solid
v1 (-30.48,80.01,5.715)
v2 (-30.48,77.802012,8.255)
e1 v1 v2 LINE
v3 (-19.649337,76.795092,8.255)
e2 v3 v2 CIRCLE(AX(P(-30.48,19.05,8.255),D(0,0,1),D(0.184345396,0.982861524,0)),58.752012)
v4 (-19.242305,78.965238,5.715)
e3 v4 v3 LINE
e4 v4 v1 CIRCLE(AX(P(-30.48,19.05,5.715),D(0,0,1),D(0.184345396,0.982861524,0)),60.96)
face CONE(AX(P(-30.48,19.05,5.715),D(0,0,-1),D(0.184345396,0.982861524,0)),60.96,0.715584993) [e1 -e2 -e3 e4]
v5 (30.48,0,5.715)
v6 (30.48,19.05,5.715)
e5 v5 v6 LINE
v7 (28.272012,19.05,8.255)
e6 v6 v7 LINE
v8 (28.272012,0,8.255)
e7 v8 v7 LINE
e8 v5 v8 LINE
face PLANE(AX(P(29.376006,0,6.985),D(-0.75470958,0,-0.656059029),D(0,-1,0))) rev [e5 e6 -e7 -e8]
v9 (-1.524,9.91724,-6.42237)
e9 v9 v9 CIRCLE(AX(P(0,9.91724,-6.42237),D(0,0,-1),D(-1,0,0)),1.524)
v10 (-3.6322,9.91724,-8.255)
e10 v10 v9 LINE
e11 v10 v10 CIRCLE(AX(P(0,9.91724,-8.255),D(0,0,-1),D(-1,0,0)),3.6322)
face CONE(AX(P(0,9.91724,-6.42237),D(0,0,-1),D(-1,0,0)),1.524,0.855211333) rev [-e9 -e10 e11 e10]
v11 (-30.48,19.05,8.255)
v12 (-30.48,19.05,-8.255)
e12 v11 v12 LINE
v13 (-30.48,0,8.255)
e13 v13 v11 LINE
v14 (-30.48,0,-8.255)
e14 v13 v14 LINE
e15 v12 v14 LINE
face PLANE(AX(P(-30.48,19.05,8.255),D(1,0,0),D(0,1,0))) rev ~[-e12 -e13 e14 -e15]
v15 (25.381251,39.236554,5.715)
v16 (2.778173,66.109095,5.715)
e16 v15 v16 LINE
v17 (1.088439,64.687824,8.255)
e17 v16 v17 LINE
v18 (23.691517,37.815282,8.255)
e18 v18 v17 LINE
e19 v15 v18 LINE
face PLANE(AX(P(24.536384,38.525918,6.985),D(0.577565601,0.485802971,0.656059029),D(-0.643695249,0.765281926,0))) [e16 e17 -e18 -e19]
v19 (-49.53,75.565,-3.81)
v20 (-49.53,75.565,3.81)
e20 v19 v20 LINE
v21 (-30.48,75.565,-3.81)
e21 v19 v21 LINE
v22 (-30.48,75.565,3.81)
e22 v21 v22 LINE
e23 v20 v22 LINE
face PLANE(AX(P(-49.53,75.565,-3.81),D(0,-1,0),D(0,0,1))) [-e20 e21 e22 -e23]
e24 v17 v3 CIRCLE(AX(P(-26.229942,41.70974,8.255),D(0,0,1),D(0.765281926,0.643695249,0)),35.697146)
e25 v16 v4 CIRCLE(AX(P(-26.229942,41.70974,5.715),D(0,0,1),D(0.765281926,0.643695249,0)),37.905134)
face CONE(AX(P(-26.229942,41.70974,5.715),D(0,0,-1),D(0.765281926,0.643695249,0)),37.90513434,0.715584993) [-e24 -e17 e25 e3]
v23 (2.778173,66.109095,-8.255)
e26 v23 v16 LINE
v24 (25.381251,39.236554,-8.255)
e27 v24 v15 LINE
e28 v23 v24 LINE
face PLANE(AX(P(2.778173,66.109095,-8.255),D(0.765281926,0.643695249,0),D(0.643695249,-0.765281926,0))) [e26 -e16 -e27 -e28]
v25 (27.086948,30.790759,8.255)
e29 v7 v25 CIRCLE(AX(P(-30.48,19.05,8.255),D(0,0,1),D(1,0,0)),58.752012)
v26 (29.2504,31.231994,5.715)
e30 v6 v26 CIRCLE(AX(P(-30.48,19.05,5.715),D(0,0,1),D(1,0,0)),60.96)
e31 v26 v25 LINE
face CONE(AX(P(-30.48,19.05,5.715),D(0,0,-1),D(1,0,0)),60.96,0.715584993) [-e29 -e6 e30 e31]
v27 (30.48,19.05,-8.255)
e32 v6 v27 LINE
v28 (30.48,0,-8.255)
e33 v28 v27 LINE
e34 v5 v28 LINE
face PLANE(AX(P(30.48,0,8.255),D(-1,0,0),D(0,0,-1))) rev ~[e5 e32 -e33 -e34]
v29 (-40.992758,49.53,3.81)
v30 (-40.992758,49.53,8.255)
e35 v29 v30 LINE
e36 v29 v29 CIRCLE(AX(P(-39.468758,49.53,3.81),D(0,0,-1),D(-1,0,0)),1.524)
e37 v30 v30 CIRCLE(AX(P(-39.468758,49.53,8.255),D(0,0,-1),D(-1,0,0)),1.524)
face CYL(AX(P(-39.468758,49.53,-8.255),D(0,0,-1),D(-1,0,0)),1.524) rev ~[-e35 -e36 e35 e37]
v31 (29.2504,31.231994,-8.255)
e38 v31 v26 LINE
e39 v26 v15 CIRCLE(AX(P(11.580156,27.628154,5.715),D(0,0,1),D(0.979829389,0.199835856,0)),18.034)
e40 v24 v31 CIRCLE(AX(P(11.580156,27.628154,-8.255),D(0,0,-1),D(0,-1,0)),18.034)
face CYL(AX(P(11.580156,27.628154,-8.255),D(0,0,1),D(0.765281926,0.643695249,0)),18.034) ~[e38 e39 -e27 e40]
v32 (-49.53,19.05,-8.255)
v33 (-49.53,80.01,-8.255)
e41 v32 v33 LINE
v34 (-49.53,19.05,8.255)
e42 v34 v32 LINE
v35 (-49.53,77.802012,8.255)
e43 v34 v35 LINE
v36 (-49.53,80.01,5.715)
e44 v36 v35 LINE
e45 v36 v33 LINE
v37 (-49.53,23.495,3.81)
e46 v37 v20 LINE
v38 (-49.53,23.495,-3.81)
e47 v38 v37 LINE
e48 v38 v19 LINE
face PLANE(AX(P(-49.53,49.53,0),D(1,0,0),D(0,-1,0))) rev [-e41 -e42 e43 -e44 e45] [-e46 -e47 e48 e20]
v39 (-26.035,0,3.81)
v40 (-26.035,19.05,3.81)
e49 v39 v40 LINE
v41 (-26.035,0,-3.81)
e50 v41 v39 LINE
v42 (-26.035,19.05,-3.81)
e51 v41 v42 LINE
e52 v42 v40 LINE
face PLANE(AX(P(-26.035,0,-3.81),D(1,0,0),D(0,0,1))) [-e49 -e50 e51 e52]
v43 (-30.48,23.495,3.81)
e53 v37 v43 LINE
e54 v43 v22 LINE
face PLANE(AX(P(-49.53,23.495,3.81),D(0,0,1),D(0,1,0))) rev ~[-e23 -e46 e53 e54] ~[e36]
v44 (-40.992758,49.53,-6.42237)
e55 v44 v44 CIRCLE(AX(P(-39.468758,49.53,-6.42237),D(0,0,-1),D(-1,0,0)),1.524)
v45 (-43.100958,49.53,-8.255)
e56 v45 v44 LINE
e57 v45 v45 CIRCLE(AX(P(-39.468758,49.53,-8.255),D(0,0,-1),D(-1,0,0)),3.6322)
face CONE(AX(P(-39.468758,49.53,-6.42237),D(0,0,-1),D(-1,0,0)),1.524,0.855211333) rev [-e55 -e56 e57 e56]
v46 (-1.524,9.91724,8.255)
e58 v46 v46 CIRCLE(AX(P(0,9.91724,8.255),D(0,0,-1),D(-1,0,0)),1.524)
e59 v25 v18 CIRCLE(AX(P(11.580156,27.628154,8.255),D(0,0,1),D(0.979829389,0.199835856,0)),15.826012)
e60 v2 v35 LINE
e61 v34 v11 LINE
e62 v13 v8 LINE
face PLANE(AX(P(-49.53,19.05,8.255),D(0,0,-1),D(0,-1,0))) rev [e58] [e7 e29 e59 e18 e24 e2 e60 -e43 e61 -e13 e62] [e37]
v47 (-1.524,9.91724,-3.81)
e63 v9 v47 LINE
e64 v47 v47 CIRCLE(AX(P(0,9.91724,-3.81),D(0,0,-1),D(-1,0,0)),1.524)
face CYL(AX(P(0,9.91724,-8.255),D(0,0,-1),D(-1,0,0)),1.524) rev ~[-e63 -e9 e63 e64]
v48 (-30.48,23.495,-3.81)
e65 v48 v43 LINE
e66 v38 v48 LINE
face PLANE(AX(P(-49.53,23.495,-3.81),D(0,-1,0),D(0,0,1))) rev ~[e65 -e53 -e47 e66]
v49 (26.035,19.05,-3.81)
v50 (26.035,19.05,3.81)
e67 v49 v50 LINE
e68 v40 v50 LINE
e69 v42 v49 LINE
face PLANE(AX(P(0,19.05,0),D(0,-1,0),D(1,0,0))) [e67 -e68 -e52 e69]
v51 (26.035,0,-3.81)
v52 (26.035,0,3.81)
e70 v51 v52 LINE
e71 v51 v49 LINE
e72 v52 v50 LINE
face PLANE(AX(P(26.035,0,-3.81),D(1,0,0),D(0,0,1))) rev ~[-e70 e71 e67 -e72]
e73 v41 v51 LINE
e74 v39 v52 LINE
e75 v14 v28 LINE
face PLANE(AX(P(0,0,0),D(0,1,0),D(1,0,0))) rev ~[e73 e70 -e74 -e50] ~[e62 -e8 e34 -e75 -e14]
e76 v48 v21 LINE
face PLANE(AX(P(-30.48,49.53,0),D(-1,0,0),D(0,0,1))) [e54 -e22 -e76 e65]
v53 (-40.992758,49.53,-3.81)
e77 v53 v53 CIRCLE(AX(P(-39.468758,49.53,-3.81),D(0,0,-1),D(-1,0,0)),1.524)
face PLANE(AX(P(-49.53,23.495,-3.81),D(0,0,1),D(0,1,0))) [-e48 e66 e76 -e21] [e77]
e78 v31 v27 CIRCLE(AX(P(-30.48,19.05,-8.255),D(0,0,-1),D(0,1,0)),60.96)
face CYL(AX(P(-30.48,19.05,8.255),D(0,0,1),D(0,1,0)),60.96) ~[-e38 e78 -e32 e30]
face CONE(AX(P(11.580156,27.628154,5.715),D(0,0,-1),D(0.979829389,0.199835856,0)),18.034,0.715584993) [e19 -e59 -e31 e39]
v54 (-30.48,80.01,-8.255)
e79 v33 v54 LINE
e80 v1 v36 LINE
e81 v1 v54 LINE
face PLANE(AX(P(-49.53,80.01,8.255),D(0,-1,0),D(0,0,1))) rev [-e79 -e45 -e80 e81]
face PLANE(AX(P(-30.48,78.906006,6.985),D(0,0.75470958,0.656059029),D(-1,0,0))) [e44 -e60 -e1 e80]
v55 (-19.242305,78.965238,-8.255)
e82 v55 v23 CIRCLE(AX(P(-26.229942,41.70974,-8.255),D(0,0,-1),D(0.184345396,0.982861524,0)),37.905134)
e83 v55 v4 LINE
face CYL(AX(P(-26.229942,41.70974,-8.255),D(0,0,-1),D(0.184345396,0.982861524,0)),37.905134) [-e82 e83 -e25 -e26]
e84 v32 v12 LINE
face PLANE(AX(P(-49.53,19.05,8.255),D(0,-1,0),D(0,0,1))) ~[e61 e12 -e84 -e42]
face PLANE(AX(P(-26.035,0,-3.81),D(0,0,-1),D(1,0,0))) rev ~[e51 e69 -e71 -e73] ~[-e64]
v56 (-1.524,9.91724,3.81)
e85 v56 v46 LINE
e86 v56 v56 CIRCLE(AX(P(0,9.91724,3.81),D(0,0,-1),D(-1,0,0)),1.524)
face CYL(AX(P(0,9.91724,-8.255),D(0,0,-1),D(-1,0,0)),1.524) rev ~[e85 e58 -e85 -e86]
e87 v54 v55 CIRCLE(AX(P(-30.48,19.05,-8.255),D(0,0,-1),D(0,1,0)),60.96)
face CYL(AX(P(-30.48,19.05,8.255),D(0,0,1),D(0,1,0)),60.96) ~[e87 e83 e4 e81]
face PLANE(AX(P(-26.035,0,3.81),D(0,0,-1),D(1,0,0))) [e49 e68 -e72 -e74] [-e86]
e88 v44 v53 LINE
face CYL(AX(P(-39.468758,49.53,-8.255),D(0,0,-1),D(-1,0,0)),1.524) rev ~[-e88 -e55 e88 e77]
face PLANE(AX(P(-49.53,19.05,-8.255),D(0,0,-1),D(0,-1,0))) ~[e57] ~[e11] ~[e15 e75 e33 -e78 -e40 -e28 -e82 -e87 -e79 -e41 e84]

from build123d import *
from OCP.BRepFilletAPI import BRepFilletAPI_MakeChamfer

# Parameters (mm, degrees)
SKETCH1_W           = 60.96
SKETCH1_H           = 16.51
SKETCH1_W_2         = 50.8
SKETCH1_H_2         = 6.35
BOSS_EXTRUDE1_DEPTH = 19.05
BOSS_EXTRUDE2_DEPTH = 16.51
SKETCH5_R           = 1.524
CUT_EXTRUDE1_DEPTH  = 96.537432978
CHAMFER1_SIZE       = 2.1082
CHAMFER1_SIZE2      = 1.832630301
FILLET1_R           = 18.034
CHAMFER2_SIZE       = 2.54
CHAMFER2_SIZE2      = 2.207988314
SKETCH6_W           = 52.07
SKETCH6_H           = 7.62
CUT_EXTRUDE2_DEPTH  = 19.05
SKETCH7_W           = 7.62
SKETCH7_H           = 52.07
CUT_EXTRUDE3_DEPTH  = 19.05


with BuildPart() as part:
    # Sketch1 → Boss-Extrude1 (new body)
    with BuildSketch(Plane(origin=(0, 0, 0), x_dir=(1, 0, 0), z_dir=(0, 1, 0))):
        Rectangle(SKETCH1_W, SKETCH1_H)
        Rectangle(SKETCH1_W_2, SKETCH1_H_2, mode=Mode.SUBTRACT)
    boss_extrude1 = extrude(amount=BOSS_EXTRUDE1_DEPTH)

    # Sketch2 → Boss-Extrude2 (add)
    with BuildSketch(Plane.XY.offset(8.255)):
        with BuildLine():
            Line((-30.48, 19.05), (-30.48, 80.01))
            ThreePointArc((-30.48, 80.01), (12.625229381, 62.155229381), (30.48, 19.05))
            Line((30.48, 19.05), (-30.48, 19.05))
        make_face()
    extrude(amount=-BOSS_EXTRUDE2_DEPTH)

    # Mirror1: Boss-Extrude1 across plane
    add(boss_extrude1.mirror(Plane(origin=(-24.765, 24.765, 0), x_dir=(0, 0, 1), z_dir=(-0.7071067811865488, 0.7071067811865464, 0))))

    # Sketch5 → Cut-Extrude1 (cut, through all)
    with BuildSketch(Plane(origin=(0, 0, -8.255), x_dir=(-1, 0, 0), z_dir=(0, 0, -1))):
        with Locations((0, 9.917240348)):
            Circle(SKETCH5_R)
        with Locations((39.468758027, 49.53)):
            Circle(SKETCH5_R)
        with BuildLine():
            Line((-2.778172553, 66.109095279), (-28.061671506, 36.049832271))
            ThreePointArc((-28.061671506, 36.049832271), (-10.480017479, 64.198627533), (19.242304668, 78.965238493))
            ThreePointArc((19.242304668, 78.965238493), (7.11859344, 74.444363935), (-2.778172553, 66.109095279))
        make_face()
    extrude(amount=-CUT_EXTRUDE1_DEPTH, mode=Mode.SUBTRACT)

    # Chamfer1
    chamfer1_edges = [part.edges().sort_by_distance(p)[0] for p in [
        (1.524, 9.917240348, -8.255),
        (-37.944758027, 49.53, -8.255),
    ]]
    chamfer1_side = [part.faces().sort_by_distance(p)[0] for p in [
        (-12.284487688, 37.419339753, -8.255),
    ]]
    chamfer(chamfer1_edges, length=CHAMFER1_SIZE, length2=CHAMFER1_SIZE2, reference=chamfer1_side[0])

    # Fillet1
    fillet1_edges = [part.edges().sort_by_distance(p)[0] for p in [
        (28.061671506, 36.049832271, 0),
    ]]
    fillet(fillet1_edges, radius=FILLET1_R)

    # Chamfer2: one chamfer whose edges measure the first distance from different faces: ONE call of the kernel's chamfer builder (chamfer() names one face for all edges)
    chamfer2_edges_1 = [part.edges().sort_by_distance(p)[0] for p in [
        (14.079711572, 52.672824674, 8.255),
    ]]
    chamfer2_side_1 = [part.faces().sort_by_distance(p)[0] for p in [
        (14.079711572, 52.672824674, 0),
    ]]
    chamfer2_edges_2 = [part.edges().sort_by_distance(p)[0] for p in [
        (27.816828301, 35.476442899, 8.255),
    ]]
    chamfer2_side_2 = [part.faces().sort_by_distance(p)[0] for p in [
        (27.816828301, 35.476442899, 0),
    ]]
    chamfer2_edges_3 = [part.edges().sort_by_distance(p)[0] for p in [
        (30.171820892, 25.171945968, 8.255),
    ]]
    chamfer2_side_3 = [part.faces().sort_by_distance(p)[0] for p in [
        (30.171820892, 25.171945968, 0),
    ]]
    chamfer2_edges_4 = [part.edges().sort_by_distance(p)[0] for p in [
        (-40.005, 80.01, 8.255),
    ]]
    chamfer2_side_4 = [part.faces().sort_by_distance(p)[0] for p in [
        (-40.005, 80.01, 0),
    ]]
    chamfer2_edges_5 = [part.edges().sort_by_distance(p)[0] for p in [
        (30.48, 9.525, 8.255),
    ]]
    chamfer2_side_5 = [part.faces().sort_by_distance(p)[0] for p in [
        (30.48, 9.525, 0),
    ]]
    chamfer2_edges_6 = [part.edges().sort_by_distance(p)[0] for p in [
        (-24.836921873, 79.748247662, 8.255),
    ]]
    chamfer2_side_6 = [part.faces().sort_by_distance(p)[0] for p in [
        (-24.836921873, 79.748247662, 0),
    ]]
    chamfer2_edges_7 = [part.edges().sort_by_distance(p)[0] for p in [
        (-7.11859344, 74.444363935, 8.255),
    ]]
    chamfer2_side_7 = [part.faces().sort_by_distance(p)[0] for p in [
        (-7.11859344, 74.444363935, 0),
    ]]
    chamfer2 = BRepFilletAPI_MakeChamfer(part.part.solid().wrapped)
    for e in chamfer2_edges_1:
        chamfer2.Add(CHAMFER2_SIZE, CHAMFER2_SIZE2, e.wrapped, chamfer2_side_1[0].wrapped)  # the first distance lies on this face
    for e in chamfer2_edges_2:
        chamfer2.Add(CHAMFER2_SIZE, CHAMFER2_SIZE2, e.wrapped, chamfer2_side_2[0].wrapped)  # the first distance lies on this face
    for e in chamfer2_edges_3:
        chamfer2.Add(CHAMFER2_SIZE, CHAMFER2_SIZE2, e.wrapped, chamfer2_side_3[0].wrapped)  # the first distance lies on this face
    for e in chamfer2_edges_4:
        chamfer2.Add(CHAMFER2_SIZE, CHAMFER2_SIZE2, e.wrapped, chamfer2_side_4[0].wrapped)  # the first distance lies on this face
    for e in chamfer2_edges_5:
        chamfer2.Add(CHAMFER2_SIZE, CHAMFER2_SIZE2, e.wrapped, chamfer2_side_5[0].wrapped)  # the first distance lies on this face
    for e in chamfer2_edges_6:
        chamfer2.Add(CHAMFER2_SIZE, CHAMFER2_SIZE2, e.wrapped, chamfer2_side_6[0].wrapped)  # the first distance lies on this face
    for e in chamfer2_edges_7:
        chamfer2.Add(CHAMFER2_SIZE, CHAMFER2_SIZE2, e.wrapped, chamfer2_side_7[0].wrapped)  # the first distance lies on this face
    add(Compound.cast(chamfer2.Shape()), mode=Mode.REPLACE)

    # Sketch6 → Cut-Extrude2 (cut)
    with BuildSketch(Plane.XZ):
        Rectangle(SKETCH6_W, SKETCH6_H)
    extrude(amount=-CUT_EXTRUDE2_DEPTH, mode=Mode.SUBTRACT)

    # Sketch7 → Cut-Extrude3 (cut)
    with BuildSketch(Plane.ZY.offset(49.53)):
        with Locations((0, 49.53)):
            Rectangle(SKETCH7_W, SKETCH7_H)
    extrude(amount=-CUT_EXTRUDE3_DEPTH, mode=Mode.SUBTRACT)


solid = part.part
